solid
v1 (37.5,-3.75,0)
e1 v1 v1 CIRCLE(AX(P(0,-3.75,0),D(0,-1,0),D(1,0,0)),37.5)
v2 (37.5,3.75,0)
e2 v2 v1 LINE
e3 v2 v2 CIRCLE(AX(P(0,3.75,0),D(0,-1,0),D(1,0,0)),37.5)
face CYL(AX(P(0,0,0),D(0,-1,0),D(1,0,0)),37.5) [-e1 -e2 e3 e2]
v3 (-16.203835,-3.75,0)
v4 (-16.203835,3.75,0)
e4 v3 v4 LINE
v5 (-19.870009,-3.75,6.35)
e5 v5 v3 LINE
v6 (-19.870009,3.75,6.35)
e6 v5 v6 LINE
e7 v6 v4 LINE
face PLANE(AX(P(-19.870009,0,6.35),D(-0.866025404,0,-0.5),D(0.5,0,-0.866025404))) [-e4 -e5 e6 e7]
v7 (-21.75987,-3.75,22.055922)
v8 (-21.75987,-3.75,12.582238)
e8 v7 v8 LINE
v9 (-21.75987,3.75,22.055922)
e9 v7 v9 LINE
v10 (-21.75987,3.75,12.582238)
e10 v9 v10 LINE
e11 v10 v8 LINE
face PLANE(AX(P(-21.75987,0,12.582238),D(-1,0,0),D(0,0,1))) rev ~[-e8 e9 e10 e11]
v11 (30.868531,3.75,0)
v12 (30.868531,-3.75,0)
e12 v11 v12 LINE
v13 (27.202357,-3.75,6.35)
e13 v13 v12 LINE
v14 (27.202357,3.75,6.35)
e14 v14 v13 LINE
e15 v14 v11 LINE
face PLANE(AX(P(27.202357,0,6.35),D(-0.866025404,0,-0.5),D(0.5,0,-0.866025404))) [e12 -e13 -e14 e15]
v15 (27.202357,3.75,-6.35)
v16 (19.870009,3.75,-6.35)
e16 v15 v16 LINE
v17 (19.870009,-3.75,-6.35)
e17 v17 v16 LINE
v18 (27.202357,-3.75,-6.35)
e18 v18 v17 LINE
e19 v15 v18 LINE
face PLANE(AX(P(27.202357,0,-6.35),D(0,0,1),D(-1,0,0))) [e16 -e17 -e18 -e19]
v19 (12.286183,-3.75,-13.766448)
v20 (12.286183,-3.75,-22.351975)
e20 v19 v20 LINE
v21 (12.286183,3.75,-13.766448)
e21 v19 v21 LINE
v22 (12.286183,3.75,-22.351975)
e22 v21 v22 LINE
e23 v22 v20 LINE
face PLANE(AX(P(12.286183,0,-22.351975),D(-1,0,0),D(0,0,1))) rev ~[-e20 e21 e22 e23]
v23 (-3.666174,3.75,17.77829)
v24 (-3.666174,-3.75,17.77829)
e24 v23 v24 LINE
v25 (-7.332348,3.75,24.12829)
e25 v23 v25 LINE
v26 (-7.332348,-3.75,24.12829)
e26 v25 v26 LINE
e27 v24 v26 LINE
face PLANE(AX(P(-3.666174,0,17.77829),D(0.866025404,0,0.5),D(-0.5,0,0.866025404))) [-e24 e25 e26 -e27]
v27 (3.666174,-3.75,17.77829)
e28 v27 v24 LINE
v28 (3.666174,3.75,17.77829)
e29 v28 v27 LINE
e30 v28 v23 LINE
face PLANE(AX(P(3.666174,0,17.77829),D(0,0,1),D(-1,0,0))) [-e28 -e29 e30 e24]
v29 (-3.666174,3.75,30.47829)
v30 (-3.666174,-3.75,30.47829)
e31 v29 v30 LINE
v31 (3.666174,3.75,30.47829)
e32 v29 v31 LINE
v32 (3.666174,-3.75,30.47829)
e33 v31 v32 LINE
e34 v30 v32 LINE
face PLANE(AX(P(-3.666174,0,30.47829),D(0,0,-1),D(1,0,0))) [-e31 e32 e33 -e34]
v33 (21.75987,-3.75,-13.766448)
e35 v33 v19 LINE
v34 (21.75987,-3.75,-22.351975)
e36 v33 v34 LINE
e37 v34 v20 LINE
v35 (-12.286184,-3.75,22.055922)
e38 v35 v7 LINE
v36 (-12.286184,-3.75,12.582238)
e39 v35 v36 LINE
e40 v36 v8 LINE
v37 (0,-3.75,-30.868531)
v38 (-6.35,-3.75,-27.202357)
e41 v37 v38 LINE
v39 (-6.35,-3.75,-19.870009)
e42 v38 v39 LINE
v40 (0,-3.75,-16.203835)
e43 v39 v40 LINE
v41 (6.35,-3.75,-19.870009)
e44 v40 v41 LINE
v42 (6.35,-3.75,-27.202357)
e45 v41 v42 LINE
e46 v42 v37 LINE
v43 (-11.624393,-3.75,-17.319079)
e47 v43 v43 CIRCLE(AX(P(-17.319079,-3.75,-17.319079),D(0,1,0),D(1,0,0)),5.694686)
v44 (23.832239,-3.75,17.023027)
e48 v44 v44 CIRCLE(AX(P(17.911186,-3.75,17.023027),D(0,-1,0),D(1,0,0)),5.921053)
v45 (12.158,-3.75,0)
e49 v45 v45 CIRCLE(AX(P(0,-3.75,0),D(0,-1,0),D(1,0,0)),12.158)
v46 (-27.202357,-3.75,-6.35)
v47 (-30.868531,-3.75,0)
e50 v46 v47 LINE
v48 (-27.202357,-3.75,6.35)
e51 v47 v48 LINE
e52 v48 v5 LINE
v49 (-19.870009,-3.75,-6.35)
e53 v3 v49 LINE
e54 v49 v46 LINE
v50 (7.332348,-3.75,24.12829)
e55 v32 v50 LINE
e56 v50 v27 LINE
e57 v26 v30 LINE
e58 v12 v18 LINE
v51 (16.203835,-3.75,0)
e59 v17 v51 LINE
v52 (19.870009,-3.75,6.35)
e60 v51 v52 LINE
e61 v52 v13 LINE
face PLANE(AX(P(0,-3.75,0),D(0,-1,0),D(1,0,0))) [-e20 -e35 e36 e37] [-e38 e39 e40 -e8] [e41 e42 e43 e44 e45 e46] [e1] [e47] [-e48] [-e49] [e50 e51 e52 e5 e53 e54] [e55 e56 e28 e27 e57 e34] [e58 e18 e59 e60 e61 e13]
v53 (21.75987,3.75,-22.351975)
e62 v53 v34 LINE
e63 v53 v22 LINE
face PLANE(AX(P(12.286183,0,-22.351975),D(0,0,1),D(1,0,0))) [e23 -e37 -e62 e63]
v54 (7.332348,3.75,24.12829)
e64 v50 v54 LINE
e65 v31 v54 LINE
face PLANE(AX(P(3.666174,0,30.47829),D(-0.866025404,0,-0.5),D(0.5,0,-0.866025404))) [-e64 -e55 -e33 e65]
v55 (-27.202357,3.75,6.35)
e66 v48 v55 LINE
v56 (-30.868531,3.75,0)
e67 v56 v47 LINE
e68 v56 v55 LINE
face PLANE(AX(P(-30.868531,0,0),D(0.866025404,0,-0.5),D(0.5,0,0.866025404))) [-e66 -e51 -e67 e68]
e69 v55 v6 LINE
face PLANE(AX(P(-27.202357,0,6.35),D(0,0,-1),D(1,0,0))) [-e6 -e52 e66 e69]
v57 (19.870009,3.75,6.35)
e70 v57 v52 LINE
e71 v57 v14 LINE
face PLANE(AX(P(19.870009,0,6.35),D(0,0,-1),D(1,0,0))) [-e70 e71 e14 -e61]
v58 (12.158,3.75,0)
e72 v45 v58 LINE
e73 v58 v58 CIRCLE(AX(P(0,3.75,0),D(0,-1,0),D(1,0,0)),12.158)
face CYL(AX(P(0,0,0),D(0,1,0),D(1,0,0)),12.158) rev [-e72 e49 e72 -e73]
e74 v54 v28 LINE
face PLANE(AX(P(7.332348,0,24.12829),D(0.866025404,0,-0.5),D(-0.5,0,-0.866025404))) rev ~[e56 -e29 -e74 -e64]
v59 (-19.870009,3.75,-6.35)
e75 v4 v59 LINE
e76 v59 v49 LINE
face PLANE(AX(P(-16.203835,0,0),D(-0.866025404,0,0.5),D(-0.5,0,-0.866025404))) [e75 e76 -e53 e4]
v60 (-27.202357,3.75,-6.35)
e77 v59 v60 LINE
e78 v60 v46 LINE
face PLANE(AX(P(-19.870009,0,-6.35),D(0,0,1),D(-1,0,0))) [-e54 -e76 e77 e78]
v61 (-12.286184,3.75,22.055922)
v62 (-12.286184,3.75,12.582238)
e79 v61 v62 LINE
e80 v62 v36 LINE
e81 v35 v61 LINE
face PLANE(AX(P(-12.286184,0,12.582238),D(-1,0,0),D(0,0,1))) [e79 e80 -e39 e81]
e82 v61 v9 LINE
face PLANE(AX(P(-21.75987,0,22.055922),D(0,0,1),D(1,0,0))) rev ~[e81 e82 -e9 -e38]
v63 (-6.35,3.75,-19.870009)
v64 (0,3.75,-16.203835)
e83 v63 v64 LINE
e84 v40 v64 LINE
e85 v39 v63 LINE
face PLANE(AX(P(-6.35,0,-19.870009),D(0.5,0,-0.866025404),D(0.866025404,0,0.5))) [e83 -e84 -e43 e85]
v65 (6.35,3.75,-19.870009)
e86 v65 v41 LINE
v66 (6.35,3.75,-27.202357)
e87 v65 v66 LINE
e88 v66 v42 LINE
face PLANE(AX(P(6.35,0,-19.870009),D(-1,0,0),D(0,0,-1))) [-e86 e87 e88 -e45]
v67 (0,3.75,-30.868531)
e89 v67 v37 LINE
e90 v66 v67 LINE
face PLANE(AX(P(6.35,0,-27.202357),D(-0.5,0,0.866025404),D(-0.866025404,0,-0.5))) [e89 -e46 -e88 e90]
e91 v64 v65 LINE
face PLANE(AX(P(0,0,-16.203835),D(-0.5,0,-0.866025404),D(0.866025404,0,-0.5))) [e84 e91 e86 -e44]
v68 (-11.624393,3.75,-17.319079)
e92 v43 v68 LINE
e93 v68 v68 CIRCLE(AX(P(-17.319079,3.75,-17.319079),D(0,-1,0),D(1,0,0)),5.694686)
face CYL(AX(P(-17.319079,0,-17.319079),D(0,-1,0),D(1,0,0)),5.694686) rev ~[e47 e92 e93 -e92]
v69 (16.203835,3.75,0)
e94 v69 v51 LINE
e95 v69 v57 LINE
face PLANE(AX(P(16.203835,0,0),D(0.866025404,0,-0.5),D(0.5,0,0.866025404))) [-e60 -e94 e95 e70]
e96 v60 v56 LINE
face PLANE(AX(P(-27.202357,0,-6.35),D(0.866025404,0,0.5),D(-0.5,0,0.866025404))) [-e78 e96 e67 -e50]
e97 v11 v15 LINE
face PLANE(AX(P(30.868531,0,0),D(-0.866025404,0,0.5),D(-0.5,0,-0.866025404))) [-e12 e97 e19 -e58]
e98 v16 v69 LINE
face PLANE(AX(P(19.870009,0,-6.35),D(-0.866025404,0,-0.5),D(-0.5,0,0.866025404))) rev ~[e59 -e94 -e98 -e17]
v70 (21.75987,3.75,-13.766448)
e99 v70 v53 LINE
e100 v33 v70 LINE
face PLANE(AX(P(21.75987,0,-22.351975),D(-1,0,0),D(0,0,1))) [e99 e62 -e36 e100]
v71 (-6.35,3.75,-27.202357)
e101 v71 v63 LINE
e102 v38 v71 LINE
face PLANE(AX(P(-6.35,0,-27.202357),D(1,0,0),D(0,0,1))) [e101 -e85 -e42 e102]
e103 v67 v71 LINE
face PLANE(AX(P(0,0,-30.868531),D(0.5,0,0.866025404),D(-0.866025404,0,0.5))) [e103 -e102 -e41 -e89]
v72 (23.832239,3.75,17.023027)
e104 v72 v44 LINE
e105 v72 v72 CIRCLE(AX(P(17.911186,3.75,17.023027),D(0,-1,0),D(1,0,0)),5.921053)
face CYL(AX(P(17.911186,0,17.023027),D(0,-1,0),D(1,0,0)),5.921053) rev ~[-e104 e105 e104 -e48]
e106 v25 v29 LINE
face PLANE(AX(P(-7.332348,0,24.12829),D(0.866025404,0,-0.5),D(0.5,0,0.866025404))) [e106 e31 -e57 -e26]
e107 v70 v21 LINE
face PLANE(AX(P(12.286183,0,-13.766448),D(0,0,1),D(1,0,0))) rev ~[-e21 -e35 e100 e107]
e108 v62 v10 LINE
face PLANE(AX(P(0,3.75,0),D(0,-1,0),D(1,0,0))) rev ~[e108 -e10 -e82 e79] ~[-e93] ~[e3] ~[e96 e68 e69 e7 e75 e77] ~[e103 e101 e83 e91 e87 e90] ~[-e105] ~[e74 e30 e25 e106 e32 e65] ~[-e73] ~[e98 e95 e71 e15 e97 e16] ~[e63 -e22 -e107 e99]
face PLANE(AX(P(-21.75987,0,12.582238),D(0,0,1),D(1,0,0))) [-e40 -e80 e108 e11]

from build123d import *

# Parameters (mm, degrees)
F0_R     = 37.5
F0_R_2   = 12.1579998943
F1_DEPTH = 3.75
F2_W     = 9.4736851752
F2_H     = 9.4736842439
F2_W_2   = 9.4736861065
F2_H_2   = 8.5855266079
F2_R     = 5.6946860576
F2_R_2   = 5.9210527688
F3_DEPTH = 25


with BuildPart() as f1:
    # F0 (on Front) → F1 (new body, symmetric)
    with BuildSketch(Plane.XZ):
        Circle(F0_R)
        Polygon((6.35, -19.8700087307), (6.35, -27.2023571494), (0, -30.8685313587), (-6.35, -27.2023571494), (-6.35, -19.8700087307), (0, -16.2038345213), align=None, mode=Mode.SUBTRACT)
        Polygon((-19.8700087307, -6.35), (-27.2023571494, -6.35), (-30.8685313587, 0), (-27.2023571494, 6.35), (-19.8700087307, 6.35), (-16.2038345213, 0), align=None, mode=Mode.SUBTRACT)
        Circle(F0_R_2, mode=Mode.SUBTRACT)
        Polygon((30.8685313587, 0), (27.2023571494, -6.35), (19.8700087307, -6.35), (16.2038345213, 0), (19.8700087307, 6.35), (27.2023571494, 6.35), align=None, mode=Mode.SUBTRACT)
        Polygon((7.3323484187, 24.1282898933), (3.6661742094, 17.7782898933), (-3.6661742094, 17.7782898933), (-7.3323484187, 24.1282898933), (-3.6661742094, 30.4782898933), (3.6661742094, 30.4782898933), align=None, mode=Mode.SUBTRACT)
    extrude(amount=F1_DEPTH, both=True)

    # F2 (on Front) → F3 (cut, symmetric)
    with BuildSketch(Plane.XZ):
        with Locations((-17.0230269432, 17.3190799542)):
            Rectangle(F2_W, F2_H)
        with Locations((17.0230264775, -18.0592113174)):
            Rectangle(F2_W_2, F2_H_2)
        with Locations((-17.3190794885, -17.3190794885)):
            Circle(F2_R)
        with Locations((17.9111864418, 17.0230269432)):
            Circle(F2_R_2)
    extrude(amount=F3_DEPTH, both=True, mode=Mode.SUBTRACT)


solid = f1.part
